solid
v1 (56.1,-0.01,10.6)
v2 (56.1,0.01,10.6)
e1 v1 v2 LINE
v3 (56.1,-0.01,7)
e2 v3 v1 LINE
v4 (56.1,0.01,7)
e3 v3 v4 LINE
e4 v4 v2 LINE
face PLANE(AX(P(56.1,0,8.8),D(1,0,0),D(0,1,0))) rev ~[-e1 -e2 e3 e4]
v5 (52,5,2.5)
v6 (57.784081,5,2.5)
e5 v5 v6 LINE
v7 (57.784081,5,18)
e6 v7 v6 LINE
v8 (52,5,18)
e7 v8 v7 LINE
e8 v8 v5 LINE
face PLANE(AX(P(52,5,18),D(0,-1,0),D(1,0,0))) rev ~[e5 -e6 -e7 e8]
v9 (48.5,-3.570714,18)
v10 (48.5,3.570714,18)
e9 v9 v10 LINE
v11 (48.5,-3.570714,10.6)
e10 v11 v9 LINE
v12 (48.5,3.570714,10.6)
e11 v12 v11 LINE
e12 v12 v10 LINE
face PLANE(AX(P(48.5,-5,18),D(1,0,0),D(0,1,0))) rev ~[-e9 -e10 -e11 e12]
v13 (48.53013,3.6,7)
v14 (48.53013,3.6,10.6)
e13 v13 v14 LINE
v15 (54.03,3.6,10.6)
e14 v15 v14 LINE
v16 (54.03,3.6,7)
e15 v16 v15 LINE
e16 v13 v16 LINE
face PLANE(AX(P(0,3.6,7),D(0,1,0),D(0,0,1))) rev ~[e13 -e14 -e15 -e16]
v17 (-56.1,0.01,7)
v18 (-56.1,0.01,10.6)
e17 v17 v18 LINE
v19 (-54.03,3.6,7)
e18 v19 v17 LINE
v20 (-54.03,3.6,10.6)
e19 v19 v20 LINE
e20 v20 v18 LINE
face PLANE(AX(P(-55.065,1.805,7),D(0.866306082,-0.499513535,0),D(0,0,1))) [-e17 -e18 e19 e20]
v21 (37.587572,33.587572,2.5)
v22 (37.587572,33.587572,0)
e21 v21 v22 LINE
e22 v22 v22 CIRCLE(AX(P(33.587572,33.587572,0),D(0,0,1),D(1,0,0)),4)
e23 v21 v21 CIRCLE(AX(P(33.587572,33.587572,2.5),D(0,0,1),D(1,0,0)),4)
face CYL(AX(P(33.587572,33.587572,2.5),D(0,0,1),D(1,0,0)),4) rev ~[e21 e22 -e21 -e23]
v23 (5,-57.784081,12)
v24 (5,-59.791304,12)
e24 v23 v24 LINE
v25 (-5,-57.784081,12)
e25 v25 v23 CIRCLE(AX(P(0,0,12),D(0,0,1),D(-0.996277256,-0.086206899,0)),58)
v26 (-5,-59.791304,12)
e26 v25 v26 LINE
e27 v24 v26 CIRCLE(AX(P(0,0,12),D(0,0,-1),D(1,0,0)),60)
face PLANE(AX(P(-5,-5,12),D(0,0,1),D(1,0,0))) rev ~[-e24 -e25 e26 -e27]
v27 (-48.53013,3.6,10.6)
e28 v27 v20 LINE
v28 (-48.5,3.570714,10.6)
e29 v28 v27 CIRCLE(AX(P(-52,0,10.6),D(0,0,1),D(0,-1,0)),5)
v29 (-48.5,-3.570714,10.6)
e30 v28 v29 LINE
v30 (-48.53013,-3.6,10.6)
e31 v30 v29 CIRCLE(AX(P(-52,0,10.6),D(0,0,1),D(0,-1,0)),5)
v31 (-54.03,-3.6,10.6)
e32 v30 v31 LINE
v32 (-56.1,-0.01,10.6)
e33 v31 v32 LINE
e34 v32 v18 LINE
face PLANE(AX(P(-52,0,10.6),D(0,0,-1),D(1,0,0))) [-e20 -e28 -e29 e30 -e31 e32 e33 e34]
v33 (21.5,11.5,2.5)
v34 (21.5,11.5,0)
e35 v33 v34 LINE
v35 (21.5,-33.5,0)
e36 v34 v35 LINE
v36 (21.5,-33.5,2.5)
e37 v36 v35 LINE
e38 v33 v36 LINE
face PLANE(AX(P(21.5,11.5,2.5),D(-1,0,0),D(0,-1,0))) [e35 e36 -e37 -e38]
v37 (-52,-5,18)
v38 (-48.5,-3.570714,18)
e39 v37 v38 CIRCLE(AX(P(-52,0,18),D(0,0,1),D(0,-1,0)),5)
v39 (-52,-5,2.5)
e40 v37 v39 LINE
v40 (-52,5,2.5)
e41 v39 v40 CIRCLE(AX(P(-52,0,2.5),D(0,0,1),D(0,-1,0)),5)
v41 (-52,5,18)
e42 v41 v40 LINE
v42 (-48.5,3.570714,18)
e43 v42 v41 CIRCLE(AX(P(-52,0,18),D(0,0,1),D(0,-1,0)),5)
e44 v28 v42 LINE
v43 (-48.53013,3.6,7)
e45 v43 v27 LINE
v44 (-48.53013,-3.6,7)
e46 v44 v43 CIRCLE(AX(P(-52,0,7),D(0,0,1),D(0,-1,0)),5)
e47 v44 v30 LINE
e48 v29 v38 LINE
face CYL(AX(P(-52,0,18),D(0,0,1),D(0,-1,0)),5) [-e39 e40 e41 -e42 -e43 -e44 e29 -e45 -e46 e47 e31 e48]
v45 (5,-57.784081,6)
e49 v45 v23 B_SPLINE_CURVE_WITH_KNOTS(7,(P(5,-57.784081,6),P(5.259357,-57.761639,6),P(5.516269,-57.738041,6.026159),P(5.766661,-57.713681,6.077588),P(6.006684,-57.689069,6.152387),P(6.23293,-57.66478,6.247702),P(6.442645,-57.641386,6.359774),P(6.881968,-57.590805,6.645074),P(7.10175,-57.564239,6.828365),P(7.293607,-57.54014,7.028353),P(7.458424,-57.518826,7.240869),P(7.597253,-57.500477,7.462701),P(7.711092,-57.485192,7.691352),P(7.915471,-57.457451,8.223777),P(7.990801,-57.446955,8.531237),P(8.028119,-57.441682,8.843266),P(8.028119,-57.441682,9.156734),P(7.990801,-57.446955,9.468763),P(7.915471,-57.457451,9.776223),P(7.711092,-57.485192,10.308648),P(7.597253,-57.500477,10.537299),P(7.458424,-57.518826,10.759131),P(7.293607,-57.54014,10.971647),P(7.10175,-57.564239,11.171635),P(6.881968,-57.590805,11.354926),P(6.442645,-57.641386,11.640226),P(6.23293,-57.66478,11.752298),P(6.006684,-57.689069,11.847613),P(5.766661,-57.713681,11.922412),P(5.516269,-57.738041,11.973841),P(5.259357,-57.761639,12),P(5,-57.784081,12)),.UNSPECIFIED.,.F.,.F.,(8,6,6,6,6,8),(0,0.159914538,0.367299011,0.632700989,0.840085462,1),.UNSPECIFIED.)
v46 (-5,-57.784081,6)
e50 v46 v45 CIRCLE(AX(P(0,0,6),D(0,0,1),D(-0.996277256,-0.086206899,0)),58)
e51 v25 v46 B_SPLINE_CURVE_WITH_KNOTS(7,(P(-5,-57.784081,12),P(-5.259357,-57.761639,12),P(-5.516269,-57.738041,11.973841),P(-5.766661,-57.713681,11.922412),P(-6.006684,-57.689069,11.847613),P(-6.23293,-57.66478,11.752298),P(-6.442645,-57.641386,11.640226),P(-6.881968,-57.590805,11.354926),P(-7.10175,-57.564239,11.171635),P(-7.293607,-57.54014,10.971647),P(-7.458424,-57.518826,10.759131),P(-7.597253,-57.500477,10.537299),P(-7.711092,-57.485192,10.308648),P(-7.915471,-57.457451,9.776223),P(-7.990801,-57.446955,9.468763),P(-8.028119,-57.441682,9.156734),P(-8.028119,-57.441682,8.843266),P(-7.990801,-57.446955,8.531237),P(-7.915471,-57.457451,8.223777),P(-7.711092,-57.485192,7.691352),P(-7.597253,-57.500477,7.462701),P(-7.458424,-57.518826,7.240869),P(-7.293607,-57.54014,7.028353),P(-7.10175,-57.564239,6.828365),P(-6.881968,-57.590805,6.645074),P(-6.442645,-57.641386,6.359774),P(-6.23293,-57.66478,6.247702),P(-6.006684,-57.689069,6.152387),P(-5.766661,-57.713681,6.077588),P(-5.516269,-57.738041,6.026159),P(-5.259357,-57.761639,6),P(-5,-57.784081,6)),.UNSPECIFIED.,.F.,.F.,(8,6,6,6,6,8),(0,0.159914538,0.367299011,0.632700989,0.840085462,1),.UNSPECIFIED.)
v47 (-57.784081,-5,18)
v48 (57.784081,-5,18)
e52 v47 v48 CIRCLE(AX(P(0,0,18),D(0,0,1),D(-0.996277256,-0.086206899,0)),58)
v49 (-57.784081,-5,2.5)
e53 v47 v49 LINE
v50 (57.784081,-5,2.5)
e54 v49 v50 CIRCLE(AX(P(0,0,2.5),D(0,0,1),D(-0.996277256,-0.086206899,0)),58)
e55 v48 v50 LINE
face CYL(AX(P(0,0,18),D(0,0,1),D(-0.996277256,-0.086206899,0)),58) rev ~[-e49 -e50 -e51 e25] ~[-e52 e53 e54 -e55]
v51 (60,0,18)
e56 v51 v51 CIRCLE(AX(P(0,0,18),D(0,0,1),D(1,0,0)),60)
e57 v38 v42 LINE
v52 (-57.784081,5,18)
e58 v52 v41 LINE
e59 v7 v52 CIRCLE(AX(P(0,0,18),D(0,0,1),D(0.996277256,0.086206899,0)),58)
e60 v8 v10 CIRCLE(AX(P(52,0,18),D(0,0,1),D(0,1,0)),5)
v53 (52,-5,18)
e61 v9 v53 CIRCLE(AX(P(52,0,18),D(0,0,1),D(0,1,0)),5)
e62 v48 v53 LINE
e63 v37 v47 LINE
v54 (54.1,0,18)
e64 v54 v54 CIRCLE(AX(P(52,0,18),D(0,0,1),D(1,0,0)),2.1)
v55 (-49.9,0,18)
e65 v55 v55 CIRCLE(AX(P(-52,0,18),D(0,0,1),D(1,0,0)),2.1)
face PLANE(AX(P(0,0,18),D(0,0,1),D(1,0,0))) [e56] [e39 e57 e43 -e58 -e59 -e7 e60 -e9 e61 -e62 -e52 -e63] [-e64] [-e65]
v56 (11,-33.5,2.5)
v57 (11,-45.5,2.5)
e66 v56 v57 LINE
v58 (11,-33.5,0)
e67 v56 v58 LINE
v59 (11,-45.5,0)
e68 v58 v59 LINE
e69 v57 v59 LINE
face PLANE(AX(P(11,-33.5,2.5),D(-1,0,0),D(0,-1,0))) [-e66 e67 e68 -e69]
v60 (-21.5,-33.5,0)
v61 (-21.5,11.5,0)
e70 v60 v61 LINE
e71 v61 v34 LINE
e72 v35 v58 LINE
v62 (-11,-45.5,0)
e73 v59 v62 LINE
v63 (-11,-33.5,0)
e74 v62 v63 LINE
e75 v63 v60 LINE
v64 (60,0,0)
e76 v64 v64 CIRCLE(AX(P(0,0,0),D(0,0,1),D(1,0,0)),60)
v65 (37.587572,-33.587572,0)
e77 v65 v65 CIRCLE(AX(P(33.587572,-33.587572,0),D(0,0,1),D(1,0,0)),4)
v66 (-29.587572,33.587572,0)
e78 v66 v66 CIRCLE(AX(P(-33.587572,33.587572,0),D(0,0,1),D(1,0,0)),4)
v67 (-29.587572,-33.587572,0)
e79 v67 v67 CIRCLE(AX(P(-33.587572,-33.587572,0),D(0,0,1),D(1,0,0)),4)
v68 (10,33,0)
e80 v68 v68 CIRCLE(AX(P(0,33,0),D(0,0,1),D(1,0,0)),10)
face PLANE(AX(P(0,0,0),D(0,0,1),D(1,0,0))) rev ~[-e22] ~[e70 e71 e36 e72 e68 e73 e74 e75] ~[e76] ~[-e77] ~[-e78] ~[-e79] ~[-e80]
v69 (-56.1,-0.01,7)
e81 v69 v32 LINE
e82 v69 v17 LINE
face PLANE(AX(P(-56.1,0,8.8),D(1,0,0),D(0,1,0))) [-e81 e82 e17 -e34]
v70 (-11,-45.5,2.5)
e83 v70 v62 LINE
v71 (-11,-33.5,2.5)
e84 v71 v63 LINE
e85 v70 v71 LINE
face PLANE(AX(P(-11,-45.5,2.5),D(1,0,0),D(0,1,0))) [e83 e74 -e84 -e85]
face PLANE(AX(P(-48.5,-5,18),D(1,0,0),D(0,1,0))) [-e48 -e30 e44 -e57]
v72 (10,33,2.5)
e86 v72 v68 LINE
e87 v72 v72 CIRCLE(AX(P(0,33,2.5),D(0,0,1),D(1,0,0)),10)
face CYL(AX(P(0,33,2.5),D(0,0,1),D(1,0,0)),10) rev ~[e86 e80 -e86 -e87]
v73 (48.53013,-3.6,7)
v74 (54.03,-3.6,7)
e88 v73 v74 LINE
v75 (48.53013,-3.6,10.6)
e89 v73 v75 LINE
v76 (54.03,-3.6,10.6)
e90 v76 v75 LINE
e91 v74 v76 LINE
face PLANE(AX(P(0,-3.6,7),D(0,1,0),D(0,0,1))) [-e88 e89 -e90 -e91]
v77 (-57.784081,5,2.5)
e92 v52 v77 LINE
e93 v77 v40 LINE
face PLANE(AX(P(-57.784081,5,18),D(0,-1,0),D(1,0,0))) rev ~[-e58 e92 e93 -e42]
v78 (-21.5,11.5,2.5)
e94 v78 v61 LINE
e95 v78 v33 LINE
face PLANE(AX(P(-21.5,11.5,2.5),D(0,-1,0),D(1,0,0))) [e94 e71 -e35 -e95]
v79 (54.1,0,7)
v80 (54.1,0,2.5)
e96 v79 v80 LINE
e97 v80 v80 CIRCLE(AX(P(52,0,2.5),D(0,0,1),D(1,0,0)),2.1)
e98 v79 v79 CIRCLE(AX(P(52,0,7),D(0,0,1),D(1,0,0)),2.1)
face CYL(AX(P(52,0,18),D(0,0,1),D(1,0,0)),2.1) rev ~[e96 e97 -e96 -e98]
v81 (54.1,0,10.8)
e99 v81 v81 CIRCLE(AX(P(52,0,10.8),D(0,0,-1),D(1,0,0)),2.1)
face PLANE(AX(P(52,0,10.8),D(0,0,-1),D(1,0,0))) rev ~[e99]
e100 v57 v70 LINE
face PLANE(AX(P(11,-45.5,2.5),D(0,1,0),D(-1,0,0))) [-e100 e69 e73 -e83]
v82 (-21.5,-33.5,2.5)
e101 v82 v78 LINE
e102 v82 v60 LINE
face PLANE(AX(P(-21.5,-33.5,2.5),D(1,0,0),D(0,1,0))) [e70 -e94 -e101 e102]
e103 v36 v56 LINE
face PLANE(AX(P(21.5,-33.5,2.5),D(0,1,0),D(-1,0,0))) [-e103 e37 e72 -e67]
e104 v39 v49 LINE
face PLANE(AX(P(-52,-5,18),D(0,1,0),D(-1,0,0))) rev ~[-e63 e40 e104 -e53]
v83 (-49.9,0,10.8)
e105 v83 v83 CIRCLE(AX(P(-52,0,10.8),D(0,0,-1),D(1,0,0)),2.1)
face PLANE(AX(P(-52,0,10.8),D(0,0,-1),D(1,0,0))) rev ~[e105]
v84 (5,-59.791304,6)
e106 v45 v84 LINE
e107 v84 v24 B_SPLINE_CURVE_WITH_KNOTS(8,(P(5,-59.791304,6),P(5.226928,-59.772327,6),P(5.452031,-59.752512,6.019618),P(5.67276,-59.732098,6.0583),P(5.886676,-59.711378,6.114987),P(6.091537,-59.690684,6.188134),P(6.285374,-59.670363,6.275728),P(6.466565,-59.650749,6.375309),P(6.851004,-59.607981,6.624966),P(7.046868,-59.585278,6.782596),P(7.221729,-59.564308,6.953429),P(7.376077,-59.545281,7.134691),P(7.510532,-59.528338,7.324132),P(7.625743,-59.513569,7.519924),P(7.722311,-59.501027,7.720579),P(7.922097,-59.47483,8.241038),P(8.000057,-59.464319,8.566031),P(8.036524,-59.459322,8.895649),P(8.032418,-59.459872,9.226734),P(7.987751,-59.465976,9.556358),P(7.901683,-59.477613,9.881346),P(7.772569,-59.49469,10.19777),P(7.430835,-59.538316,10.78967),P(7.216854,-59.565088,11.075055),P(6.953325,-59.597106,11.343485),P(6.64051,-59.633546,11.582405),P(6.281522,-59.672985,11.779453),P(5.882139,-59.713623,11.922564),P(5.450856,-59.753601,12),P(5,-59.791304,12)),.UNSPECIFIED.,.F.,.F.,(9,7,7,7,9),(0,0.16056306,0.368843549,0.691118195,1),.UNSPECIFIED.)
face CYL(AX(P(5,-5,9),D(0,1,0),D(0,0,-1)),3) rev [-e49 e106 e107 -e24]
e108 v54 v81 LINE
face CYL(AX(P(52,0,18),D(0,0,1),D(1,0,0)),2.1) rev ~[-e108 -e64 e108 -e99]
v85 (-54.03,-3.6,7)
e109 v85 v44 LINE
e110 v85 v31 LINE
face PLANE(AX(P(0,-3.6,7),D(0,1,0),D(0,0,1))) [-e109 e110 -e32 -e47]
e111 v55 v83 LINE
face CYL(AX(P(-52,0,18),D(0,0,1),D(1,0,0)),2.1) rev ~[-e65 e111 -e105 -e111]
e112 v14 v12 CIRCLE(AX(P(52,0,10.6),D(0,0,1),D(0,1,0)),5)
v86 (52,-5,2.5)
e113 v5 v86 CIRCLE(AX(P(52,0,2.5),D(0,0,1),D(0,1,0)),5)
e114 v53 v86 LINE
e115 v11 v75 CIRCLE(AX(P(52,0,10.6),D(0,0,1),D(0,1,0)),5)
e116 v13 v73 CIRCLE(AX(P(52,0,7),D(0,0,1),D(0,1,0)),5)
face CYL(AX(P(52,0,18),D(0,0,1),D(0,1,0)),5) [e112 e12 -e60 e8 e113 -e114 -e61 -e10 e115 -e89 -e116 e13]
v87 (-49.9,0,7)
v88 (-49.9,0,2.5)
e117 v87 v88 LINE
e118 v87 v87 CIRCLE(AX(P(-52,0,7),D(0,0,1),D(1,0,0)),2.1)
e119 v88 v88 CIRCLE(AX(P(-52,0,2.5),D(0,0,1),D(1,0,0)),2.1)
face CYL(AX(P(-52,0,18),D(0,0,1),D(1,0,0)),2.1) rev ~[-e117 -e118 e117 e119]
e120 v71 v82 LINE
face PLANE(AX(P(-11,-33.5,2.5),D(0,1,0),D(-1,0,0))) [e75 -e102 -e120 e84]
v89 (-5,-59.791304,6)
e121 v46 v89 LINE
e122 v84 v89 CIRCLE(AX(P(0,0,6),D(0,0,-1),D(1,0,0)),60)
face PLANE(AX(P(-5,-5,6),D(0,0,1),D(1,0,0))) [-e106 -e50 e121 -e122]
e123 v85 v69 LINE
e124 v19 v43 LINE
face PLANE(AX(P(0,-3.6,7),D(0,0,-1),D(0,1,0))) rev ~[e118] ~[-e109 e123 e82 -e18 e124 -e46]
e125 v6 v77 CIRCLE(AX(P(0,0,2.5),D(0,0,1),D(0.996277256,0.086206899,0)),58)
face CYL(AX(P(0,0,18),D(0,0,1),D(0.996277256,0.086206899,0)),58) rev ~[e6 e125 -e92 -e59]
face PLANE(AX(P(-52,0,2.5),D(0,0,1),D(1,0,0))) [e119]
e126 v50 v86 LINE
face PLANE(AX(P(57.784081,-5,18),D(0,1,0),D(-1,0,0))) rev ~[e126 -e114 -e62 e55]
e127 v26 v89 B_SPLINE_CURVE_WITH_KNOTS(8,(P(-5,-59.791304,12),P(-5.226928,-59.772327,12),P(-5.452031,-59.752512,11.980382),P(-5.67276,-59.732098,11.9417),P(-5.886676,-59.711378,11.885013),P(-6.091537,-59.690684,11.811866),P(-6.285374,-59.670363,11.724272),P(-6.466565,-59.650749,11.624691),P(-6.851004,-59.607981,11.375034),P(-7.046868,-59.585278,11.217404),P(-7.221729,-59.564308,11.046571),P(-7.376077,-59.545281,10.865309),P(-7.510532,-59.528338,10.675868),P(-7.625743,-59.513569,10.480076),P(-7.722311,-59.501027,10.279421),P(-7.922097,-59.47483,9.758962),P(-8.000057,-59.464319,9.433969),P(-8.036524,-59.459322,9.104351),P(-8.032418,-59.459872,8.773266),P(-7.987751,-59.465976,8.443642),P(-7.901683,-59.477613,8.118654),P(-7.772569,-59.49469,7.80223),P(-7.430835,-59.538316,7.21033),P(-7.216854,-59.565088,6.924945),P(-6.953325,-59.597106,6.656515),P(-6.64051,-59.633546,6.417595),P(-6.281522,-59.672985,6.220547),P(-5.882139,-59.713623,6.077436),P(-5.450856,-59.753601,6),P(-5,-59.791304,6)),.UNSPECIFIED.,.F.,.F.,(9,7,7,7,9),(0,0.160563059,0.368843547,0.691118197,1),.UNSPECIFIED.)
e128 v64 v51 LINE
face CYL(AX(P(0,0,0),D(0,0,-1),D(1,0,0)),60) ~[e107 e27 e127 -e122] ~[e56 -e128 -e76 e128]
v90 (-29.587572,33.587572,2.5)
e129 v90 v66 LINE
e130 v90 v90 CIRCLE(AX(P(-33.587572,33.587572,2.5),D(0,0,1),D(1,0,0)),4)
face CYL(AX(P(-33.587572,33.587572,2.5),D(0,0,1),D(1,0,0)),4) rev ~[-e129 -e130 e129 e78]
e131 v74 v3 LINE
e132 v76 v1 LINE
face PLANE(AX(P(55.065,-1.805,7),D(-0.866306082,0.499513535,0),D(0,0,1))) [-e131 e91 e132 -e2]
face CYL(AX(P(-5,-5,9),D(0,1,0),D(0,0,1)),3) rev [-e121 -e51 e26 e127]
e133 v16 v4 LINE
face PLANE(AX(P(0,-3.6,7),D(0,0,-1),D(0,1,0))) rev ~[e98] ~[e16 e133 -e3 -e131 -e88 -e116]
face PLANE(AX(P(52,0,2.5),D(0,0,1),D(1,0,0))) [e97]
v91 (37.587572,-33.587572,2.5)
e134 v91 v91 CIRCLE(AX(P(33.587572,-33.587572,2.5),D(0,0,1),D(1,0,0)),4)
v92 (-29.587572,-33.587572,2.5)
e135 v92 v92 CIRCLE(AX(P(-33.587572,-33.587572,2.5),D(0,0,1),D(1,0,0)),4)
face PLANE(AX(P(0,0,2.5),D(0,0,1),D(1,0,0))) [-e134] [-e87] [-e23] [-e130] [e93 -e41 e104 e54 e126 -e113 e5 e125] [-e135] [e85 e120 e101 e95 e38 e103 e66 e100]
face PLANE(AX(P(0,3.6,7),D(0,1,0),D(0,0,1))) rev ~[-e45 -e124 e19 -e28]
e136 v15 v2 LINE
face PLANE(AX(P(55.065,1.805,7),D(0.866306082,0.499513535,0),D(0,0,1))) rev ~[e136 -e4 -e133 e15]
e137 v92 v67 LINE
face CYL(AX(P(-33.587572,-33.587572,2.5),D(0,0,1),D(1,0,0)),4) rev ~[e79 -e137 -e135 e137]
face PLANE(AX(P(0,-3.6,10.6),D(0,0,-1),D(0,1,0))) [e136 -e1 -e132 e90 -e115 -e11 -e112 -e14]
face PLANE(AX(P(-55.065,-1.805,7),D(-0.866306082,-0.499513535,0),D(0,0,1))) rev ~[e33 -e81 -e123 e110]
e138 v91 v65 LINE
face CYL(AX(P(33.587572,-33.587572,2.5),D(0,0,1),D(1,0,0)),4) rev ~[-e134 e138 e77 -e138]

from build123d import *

# Parameters (mm, degrees)
SKETCH_R        = 60
PAD_DEPTH       = 18
SKETCH001_R     = 2.1
POCKET_DEPTH    = 15.5
SKETCH002_W     = 7.2
SKETCH002_H     = 3.6
POCKET001_DEPTH = 56.1
CHAMFER_1_SIZE2 = 3.59
CHAMFER_1_SIZE  = 2.07
CHAMFER_2_SIZE2 = 3.59
CHAMFER_2_SIZE  = 2.07
CHAMFER_3_SIZE2 = 3.59
CHAMFER_3_SIZE  = 2.07
CHAMFER_4_SIZE2 = 3.59
CHAMFER_4_SIZE  = 2.07
SKETCH003_R     = 4
SKETCH003_R_2   = 10
POCKET002_DEPTH = 2.501
POCKET003_DEPTH = 60
SKETCH005_R     = 2.1
PAD001_DEPTH    = 0.2
SKETCH006_W     = 97
SKETCH006_H     = 10
POCKET004_DEPTH = 10.99


with BuildPart() as part:
    # Sketch → Pad (new body)
    with BuildSketch(Plane.XY):
        Circle(SKETCH_R)
    extrude(amount=PAD_DEPTH)

    # Sketch001 (on Face3 of Pad) → Pocket (cut)
    with BuildSketch(Plane.XY.offset(18)):
        with Locations((-52, 0)):
            Circle(SKETCH001_R)
        with Locations((52, 0)):
            Circle(SKETCH001_R)
        with BuildLine():
            ThreePointArc((-57.784081, -5), (0, -58), (57.784081, -5))
            Line((57.784081, -5), (52, -5))
            ThreePointArc((52, 5), (47, 0), (52, -5))
            Line((52, 5), (57.784081, 5))
            ThreePointArc((57.784081, 5), (0, 58), (-57.784081, 5))
            Line((-57.784081, 5), (-52, 5))
            ThreePointArc((-52, -5), (-47, 0), (-52, 5))
            Line((-52, -5), (-57.784081, -5))
        make_face()
    extrude(amount=-POCKET_DEPTH, mode=Mode.SUBTRACT)

    # Sketch002 → Pocket001 (cut, symmetric)
    with BuildSketch(Plane.YZ):
        with Locations((0, 8.8)):
            Rectangle(SKETCH002_W, SKETCH002_H)
    extrude(amount=POCKET001_DEPTH, both=True, mode=Mode.SUBTRACT)

    # Chamfer 1
    chamfer_1_edges = [part.edges().sort_by_distance(p)[0] for p in [
        (-56.1, -3.6, 8.8),
    ]]
    chamfer_1_side = part.faces().sort_by_distance((-52.315065, -3.6, 8.8))[0]
    chamfer(chamfer_1_edges, length=CHAMFER_1_SIZE, length2=CHAMFER_1_SIZE2, reference=chamfer_1_side)

    # Chamfer 2
    chamfer_2_edges = [part.edges().sort_by_distance(p)[0] for p in [
        (-56.1, 3.6, 8.8),
    ]]
    chamfer_2_side = part.faces().sort_by_distance((-52.315065, 3.6, 8.8))[0]
    chamfer(chamfer_2_edges, length=CHAMFER_2_SIZE, length2=CHAMFER_2_SIZE2, reference=chamfer_2_side)

    # Chamfer 3
    chamfer_3_edges = [part.edges().sort_by_distance(p)[0] for p in [
        (56.1, 3.6, 8.8),
    ]]
    chamfer_3_side = part.faces().sort_by_distance((52.315065, 3.6, 8.8))[0]
    chamfer(chamfer_3_edges, length=CHAMFER_3_SIZE, length2=CHAMFER_3_SIZE2, reference=chamfer_3_side)

    # Chamfer 4
    chamfer_4_edges = [part.edges().sort_by_distance(p)[0] for p in [
        (56.1, -3.6, 8.8),
    ]]
    chamfer_4_side = part.faces().sort_by_distance((52.315065, -3.6, 8.8))[0]
    chamfer(chamfer_4_edges, length=CHAMFER_4_SIZE, length2=CHAMFER_4_SIZE2, reference=chamfer_4_side)

    # Sketch003 (on Face12 of Chamfer) → Pocket002 (cut, through all)
    with BuildSketch(Plane.XY.offset(2.5)):
        with Locations((-33.587572, 33.587572)):
            Circle(SKETCH003_R)
        with Locations((33.587572, -33.587572)):
            Circle(SKETCH003_R)
        with Locations((33.587572, 33.587572)):
            Circle(SKETCH003_R)
        with Locations((-33.587572, -33.587572)):
            Circle(SKETCH003_R)
        with Locations((0, 33)):
            Circle(SKETCH003_R_2)
        Polygon((-21.5, 11.5), (21.5, 11.5), (21.5, -33.5), (11, -33.5), (11, -45.5), (-11, -45.5), (-11, -33.5), (-21.5, -33.5), align=None)
    extrude(amount=-POCKET002_DEPTH, mode=Mode.SUBTRACT)

    # Sketch004 (on Face10 of Pocket002) → Pocket003 (cut)
    with BuildSketch(Plane.XZ.offset(5)):
        with BuildLine():
            ThreePointArc((-5, 12), (-8, 9), (-5, 6))
            Line((-5, 6), (5, 6))
            ThreePointArc((5, 6), (8, 9), (5, 12))
            Line((-5, 12), (5, 12))
        make_face()
    extrude(amount=POCKET003_DEPTH, mode=Mode.SUBTRACT)

    # Sketch005 (on Face1 of Pocket003) → Pad001 (join)
    with BuildSketch(Plane(origin=(0, 0, 10.6), x_dir=(1, 0, 0), z_dir=(0, 0, -1))):
        with Locations((-52, 0)):
            Circle(SKETCH005_R)
        with Locations((52, 0)):
            Circle(SKETCH005_R)
    extrude(amount=-PAD001_DEPTH)

    # Sketch006 (on Face11 of Pad001) → Pocket004 (cut)
    with BuildSketch(Plane.XY.offset(18)):
        Rectangle(SKETCH006_W, SKETCH006_H)
    extrude(amount=-POCKET004_DEPTH, mode=Mode.SUBTRACT)


solid = part.part
